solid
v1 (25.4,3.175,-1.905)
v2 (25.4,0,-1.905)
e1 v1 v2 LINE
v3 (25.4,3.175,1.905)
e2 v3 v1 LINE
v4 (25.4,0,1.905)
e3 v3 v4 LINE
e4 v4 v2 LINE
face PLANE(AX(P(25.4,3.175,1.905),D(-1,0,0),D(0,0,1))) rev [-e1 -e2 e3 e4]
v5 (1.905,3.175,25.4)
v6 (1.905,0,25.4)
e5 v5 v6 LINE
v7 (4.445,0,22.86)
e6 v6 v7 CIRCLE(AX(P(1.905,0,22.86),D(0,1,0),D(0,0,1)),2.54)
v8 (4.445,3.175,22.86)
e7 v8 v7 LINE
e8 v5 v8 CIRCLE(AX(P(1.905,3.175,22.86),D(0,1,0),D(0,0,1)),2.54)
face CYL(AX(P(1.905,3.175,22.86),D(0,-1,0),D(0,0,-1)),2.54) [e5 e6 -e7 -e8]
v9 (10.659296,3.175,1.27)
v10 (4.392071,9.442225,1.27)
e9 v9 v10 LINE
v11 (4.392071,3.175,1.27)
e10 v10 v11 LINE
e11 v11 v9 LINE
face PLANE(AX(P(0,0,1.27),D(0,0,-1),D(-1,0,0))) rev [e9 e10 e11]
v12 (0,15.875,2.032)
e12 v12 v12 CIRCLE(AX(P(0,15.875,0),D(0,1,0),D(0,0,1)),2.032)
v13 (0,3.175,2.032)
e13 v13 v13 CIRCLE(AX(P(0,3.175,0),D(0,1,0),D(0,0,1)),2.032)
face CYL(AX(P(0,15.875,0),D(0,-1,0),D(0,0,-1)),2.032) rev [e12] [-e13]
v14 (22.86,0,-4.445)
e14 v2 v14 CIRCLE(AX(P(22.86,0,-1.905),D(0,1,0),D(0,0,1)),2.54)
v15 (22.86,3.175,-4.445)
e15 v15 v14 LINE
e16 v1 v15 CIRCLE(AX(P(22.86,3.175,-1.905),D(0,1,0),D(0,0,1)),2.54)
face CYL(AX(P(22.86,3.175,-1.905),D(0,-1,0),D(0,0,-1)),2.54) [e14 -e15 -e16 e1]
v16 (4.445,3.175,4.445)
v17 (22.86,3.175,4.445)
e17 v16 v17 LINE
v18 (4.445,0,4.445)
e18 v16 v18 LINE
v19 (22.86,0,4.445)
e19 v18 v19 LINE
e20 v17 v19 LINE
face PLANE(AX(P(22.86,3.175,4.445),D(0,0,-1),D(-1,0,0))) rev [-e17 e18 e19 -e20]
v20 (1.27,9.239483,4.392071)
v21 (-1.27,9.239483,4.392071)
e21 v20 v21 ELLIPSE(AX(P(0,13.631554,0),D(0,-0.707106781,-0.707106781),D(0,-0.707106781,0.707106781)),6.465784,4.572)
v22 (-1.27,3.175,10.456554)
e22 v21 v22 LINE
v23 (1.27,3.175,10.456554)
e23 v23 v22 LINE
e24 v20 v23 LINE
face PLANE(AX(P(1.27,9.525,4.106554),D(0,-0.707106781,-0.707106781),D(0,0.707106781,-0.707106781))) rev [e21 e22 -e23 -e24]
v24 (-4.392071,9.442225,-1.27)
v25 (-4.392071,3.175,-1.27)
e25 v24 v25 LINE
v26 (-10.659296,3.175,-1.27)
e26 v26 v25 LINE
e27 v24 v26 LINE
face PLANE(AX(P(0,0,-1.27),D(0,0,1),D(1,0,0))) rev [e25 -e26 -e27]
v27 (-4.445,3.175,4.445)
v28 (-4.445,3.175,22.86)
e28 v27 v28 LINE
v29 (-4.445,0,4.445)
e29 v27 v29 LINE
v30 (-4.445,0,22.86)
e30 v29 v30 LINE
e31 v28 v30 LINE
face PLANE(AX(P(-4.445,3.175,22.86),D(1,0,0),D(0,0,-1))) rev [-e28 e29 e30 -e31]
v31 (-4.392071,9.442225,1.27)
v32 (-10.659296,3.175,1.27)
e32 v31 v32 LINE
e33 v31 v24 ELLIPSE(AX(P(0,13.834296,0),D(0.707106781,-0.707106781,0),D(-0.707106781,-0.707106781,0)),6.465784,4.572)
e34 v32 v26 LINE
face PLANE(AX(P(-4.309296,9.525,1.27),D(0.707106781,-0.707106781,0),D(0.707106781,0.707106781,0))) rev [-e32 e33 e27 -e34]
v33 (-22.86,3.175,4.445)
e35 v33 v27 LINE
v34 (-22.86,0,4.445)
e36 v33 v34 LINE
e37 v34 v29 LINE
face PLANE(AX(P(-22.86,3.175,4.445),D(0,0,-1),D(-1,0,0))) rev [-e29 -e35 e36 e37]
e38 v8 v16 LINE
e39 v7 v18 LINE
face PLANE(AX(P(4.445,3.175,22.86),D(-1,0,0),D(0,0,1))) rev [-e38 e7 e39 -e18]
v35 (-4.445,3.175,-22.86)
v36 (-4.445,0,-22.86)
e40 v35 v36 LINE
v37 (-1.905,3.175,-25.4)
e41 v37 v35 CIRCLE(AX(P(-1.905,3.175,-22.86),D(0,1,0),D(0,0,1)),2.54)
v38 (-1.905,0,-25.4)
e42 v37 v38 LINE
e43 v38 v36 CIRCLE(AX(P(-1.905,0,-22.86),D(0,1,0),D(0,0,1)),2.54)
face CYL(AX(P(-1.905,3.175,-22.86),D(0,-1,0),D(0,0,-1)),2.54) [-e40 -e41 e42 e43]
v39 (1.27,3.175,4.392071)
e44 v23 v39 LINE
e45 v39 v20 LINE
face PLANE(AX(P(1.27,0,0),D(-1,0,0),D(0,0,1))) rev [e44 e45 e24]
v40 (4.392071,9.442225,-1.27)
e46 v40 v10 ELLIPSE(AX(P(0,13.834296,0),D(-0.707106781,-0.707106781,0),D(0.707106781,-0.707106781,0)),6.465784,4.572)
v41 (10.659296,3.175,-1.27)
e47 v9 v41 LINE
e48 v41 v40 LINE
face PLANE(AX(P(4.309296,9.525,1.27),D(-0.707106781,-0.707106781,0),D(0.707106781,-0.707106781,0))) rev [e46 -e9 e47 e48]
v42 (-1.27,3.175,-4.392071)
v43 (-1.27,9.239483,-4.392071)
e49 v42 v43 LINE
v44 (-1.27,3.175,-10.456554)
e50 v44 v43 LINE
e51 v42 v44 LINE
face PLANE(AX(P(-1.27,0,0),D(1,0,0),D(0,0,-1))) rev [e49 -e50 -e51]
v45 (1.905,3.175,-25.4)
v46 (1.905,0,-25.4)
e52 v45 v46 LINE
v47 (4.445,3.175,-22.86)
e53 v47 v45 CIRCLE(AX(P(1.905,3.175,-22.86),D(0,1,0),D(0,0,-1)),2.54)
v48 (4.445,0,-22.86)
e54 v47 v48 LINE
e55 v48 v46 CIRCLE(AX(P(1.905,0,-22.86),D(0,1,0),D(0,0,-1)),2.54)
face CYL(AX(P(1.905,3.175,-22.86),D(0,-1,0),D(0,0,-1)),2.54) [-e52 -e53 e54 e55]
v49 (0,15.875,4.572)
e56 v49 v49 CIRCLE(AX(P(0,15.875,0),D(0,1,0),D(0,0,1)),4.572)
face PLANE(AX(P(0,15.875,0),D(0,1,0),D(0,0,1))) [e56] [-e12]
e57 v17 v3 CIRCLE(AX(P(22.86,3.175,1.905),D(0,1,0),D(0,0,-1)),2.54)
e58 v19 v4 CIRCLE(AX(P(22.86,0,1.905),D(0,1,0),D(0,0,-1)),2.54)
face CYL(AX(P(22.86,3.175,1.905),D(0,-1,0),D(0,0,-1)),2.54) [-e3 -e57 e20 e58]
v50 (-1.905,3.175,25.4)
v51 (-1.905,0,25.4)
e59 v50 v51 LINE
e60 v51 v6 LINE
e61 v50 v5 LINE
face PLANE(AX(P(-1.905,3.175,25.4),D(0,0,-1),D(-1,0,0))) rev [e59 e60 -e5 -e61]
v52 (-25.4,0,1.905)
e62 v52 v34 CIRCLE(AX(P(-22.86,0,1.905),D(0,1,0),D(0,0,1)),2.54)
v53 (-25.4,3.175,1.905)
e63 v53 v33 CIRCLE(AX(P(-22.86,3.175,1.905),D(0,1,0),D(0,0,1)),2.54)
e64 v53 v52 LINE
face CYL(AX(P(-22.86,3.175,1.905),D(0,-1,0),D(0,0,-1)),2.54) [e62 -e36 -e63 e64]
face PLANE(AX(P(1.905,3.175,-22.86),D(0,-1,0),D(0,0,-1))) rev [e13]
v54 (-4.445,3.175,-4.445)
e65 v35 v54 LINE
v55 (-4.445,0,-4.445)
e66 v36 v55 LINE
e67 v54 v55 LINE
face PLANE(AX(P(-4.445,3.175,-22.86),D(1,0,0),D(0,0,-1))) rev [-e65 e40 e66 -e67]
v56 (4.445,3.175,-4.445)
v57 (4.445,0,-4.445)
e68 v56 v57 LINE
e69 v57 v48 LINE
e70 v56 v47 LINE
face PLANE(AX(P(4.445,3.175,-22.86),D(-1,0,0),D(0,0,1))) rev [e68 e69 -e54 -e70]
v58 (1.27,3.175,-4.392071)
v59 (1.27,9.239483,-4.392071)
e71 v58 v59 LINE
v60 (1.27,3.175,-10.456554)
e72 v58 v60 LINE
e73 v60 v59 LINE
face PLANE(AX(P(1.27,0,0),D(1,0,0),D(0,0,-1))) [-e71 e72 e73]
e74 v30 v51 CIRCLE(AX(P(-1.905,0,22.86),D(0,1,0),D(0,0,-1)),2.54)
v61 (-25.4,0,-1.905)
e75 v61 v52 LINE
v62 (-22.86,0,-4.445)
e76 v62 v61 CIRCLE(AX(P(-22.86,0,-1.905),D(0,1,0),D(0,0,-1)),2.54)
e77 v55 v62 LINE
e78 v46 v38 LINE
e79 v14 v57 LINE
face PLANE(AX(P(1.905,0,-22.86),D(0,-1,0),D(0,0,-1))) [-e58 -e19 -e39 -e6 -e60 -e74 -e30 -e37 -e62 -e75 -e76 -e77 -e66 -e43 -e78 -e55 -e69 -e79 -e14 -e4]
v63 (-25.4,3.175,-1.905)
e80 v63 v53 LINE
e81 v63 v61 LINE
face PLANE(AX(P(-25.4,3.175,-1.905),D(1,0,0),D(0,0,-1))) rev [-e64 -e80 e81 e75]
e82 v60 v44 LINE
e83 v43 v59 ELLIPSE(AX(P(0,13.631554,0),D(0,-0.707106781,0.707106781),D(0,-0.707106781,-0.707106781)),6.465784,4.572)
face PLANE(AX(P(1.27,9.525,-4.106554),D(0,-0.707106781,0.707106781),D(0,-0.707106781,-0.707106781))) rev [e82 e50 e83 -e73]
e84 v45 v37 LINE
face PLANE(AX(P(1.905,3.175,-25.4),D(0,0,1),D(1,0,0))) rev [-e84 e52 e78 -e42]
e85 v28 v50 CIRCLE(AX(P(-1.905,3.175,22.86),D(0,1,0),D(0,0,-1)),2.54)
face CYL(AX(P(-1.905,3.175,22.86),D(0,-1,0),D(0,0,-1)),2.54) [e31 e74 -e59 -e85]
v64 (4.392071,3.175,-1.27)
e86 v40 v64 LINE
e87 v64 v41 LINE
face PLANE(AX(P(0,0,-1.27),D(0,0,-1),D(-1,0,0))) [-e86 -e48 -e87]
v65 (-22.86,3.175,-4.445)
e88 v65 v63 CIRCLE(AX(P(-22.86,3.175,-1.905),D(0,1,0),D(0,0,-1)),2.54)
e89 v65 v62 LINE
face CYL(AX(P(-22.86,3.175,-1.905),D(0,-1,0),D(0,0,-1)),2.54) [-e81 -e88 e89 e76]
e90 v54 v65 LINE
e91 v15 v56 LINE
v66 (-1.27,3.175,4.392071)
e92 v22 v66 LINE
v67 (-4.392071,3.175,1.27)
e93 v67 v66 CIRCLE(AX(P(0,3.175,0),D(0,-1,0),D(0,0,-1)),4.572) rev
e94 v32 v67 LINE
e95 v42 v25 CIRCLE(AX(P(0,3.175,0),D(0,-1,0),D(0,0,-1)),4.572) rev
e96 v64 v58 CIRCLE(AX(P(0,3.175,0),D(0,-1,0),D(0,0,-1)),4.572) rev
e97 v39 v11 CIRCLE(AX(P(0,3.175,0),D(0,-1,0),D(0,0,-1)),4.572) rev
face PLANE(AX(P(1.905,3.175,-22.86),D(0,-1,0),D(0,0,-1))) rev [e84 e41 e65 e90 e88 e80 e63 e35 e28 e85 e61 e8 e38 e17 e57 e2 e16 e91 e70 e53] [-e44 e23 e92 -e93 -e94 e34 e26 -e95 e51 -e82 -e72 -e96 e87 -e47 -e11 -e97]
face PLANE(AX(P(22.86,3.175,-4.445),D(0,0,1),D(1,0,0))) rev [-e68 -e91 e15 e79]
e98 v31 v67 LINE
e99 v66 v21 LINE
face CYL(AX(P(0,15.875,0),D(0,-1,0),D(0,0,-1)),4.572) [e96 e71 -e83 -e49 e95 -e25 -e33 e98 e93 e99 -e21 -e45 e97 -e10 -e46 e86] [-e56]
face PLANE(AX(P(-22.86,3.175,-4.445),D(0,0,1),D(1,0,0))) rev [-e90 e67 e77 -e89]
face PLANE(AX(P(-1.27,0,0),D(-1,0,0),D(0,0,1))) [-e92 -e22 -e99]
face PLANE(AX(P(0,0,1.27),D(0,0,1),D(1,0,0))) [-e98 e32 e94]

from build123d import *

# Parameters (mm, degrees)
BOSS_EXTRUDE1_DEPTH = 3.175
SKETCH2_R           = 4.572
SKETCH2_R_2         = 2.032
BOSS_EXTRUDE2_DEPTH = 12.7
BOSS_EXTRUDE3_DEPTH = 1.27
BOSS_EXTRUDE4_DEPTH = 1.27


with BuildPart() as part:
    # Sketch1 → Boss-Extrude1 (new body)
    with BuildSketch(Plane(origin=(0, 0, 0), x_dir=(1, 0, 0), z_dir=(0, 1, 0))):
        with BuildLine():
            Line((-25.4, 1.905), (-25.4, -1.905))
            ThreePointArc((-25.4, -1.905), (-24.656051224, -3.701051224), (-22.86, -4.445))
            Line((-22.86, -4.445), (-4.445, -4.445))
            Line((-4.445, -4.445), (-4.445, -22.86))
            ThreePointArc((-4.445, -22.86), (-3.701051224, -24.656051224), (-1.905, -25.4))
            Line((-1.905, -25.4), (1.905, -25.4))
            ThreePointArc((1.905, -25.4), (3.701051224, -24.656051224), (4.445, -22.86))
            Line((4.445, -22.86), (4.445, -4.445))
            Line((4.445, -4.445), (22.86, -4.445))
            ThreePointArc((22.86, -4.445), (24.656051224, -3.701051224), (25.4, -1.905))
            Line((25.4, -1.905), (25.4, 1.905))
            ThreePointArc((25.4, 1.905), (24.656051224, 3.701051224), (22.86, 4.445))
            Line((22.86, 4.445), (4.445, 4.445))
            Line((4.445, 4.445), (4.445, 22.86))
            ThreePointArc((4.445, 22.86), (3.701051224, 24.656051224), (1.905, 25.4))
            Line((1.905, 25.4), (-1.905, 25.4))
            ThreePointArc((-1.905, 25.4), (-3.701051224, 24.656051224), (-4.445, 22.86))
            Line((-4.445, 22.86), (-4.445, 4.445))
            Line((-4.445, 4.445), (-22.86, 4.445))
            ThreePointArc((-22.86, 4.445), (-24.656051224, 3.701051224), (-25.4, 1.905))
        make_face()
    extrude(amount=BOSS_EXTRUDE1_DEPTH)

    # Sketch2 → Boss-Extrude2 (add)
    with BuildSketch(Plane(origin=(0, 3.175, 0), x_dir=(1, 0, 0), z_dir=(0, 1, 0))):
        with Locations(Location((0, 0, 0), (0, 0, 90))):
            Circle(SKETCH2_R)
        with Locations(Location((0, 0, 0), (0, 0, 270))):
            Circle(SKETCH2_R_2, mode=Mode.SUBTRACT)
    extrude(amount=BOSS_EXTRUDE2_DEPTH)

    # Sketch9 → Boss-Extrude3 (add, symmetric)
    with BuildSketch(Plane.XY):
        Polygon((-10.659295588, 3.175), (-4.309295588, 3.175), (-4.309295588, 9.525), align=None)
        Polygon((10.659295588, 3.175), (4.309295588, 3.175), (4.309295588, 9.525), align=None)
    extrude(amount=BOSS_EXTRUDE3_DEPTH, both=True)

    # Sketch10 → Boss-Extrude4 (add, symmetric)
    with BuildSketch(Plane(origin=(0, 0, 0), x_dir=(0, 0, -1), z_dir=(1, 0, 0))):
        Polygon((-10.456553942, 3.175), (-4.106553942, 3.175), (-4.106553942, 9.525), align=None)
        Polygon((4.106553942, 9.525), (10.456553942, 3.175), (4.106553942, 3.175), align=None)
    extrude(amount=BOSS_EXTRUDE4_DEPTH, both=True)


solid = part.part
